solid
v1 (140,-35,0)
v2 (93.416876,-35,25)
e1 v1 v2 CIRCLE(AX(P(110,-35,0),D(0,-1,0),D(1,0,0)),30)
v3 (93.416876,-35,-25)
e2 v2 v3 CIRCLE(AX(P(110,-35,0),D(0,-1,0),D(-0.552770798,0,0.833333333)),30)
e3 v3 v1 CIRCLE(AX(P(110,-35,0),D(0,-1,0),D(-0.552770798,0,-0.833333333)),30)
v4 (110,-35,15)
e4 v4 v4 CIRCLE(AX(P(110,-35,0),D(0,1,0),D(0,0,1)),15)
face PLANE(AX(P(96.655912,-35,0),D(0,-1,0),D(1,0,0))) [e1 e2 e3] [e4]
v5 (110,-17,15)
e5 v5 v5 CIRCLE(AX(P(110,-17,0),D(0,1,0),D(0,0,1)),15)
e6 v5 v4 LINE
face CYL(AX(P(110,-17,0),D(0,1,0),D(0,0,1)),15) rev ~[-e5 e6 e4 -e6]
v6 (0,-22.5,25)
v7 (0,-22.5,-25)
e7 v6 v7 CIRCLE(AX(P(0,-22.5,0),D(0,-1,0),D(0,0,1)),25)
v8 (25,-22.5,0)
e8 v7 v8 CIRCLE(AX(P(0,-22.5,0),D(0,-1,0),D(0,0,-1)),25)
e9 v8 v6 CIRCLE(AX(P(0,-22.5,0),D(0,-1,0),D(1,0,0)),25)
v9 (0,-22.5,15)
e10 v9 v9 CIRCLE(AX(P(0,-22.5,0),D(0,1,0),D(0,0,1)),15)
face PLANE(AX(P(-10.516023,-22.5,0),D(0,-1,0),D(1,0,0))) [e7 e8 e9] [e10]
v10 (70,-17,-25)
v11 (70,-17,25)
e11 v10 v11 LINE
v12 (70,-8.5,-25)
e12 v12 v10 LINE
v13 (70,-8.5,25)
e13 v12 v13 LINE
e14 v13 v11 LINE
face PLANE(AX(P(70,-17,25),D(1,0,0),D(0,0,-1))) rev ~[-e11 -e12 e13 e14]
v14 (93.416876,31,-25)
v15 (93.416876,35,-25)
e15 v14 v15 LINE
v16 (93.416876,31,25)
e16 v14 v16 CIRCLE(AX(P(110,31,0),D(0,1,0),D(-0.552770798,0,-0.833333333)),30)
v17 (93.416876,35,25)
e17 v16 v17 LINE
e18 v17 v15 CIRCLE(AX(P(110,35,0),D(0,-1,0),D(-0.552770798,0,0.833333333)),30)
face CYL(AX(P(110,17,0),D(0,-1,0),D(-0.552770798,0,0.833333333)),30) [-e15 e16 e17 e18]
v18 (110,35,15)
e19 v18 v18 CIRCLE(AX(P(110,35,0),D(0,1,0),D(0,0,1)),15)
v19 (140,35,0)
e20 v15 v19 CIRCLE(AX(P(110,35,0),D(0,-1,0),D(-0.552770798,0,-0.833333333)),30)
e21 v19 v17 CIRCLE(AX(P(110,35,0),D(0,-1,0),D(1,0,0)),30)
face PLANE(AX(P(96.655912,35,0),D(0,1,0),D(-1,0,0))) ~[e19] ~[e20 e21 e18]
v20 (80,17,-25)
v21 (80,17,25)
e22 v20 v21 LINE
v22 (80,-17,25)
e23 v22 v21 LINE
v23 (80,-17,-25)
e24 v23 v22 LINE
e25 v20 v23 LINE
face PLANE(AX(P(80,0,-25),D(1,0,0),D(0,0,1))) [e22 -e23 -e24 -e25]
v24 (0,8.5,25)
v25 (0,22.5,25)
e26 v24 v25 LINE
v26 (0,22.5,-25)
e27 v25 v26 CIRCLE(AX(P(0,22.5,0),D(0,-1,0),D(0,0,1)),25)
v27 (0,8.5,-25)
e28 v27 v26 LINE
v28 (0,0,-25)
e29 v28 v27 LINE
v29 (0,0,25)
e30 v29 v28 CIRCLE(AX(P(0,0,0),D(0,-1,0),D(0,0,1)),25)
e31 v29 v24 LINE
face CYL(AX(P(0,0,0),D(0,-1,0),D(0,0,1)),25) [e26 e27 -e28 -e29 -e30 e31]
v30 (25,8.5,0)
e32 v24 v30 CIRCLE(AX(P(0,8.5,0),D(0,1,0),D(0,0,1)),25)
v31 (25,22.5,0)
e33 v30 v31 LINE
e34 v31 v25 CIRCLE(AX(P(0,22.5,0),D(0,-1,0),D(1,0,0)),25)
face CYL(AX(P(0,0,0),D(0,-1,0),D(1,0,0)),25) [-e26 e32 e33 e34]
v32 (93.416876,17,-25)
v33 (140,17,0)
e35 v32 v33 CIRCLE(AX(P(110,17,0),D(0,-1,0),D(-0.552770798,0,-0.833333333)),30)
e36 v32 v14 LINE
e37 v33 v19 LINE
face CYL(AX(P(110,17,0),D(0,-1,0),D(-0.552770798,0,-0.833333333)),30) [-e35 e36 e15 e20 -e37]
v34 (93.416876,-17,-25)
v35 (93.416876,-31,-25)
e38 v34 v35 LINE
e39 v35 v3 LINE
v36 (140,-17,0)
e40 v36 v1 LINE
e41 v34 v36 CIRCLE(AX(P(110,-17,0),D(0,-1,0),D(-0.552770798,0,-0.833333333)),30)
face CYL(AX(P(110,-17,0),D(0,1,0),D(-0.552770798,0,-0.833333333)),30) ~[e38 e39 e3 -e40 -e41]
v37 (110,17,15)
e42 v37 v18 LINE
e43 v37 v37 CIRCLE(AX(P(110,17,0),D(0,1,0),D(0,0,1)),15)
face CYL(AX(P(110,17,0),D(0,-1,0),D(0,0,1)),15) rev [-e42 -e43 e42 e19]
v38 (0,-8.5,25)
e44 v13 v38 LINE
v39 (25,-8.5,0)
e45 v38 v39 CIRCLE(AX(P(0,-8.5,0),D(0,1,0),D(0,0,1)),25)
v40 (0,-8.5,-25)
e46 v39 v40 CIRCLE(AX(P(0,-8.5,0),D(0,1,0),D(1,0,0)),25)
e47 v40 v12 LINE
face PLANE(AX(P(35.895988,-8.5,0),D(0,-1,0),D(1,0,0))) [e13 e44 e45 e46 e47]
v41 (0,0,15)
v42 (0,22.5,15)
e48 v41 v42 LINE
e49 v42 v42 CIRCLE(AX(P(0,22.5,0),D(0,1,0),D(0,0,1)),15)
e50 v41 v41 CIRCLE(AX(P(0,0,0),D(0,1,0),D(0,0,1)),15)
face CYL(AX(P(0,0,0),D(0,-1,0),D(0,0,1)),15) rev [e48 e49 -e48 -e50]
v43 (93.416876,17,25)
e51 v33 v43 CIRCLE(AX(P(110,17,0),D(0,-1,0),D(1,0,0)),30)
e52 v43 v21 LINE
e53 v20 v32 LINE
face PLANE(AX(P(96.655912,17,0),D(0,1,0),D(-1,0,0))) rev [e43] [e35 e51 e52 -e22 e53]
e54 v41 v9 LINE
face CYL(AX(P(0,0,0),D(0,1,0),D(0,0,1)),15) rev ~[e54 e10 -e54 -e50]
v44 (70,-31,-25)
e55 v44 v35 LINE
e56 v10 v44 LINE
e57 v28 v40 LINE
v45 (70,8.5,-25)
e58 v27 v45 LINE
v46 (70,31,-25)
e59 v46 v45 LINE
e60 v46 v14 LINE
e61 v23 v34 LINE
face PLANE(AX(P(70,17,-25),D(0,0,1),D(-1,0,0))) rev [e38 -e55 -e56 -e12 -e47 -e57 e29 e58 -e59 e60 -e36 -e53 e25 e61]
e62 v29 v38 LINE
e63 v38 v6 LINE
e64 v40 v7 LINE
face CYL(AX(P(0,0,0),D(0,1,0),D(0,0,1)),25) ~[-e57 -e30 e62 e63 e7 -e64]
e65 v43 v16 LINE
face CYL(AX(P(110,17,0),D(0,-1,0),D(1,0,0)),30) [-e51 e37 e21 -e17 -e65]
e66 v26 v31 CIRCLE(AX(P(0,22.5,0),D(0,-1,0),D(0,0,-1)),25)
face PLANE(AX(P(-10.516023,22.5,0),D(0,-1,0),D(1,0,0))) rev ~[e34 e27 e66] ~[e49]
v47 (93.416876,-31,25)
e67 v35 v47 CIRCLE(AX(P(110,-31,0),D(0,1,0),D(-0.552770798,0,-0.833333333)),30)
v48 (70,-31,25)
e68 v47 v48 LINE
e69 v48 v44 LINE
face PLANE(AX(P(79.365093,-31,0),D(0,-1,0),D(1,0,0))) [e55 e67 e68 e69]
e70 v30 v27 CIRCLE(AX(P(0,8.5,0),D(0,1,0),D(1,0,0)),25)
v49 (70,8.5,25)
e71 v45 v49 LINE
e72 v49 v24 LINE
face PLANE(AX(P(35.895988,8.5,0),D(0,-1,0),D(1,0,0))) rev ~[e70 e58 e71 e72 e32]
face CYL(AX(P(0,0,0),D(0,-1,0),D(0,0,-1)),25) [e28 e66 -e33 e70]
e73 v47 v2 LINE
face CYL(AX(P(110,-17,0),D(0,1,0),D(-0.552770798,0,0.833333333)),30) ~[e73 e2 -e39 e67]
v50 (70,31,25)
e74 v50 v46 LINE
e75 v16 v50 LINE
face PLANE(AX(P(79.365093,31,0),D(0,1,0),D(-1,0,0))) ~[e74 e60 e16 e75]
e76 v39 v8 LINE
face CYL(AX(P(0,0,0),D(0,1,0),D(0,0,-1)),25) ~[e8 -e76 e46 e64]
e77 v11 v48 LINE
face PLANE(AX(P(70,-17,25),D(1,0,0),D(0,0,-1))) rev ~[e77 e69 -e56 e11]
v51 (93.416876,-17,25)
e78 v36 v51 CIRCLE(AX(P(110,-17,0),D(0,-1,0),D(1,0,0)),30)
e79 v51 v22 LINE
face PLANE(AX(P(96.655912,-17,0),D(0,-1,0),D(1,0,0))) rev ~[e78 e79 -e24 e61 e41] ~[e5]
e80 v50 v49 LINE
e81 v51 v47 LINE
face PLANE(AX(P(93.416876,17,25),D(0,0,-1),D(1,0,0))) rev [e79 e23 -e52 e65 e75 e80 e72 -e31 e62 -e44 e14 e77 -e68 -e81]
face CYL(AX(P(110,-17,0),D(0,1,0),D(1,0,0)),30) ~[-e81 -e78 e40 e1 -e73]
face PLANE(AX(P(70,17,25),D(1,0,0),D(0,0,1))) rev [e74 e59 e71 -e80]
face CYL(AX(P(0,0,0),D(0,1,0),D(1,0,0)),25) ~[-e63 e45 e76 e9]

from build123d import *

# Parameters (mm, degrees)
F1_DEPTH = 22.5
F2_DEPTH = 8.5
F0_W     = 10
F0_H     = 50
F3_DEPTH = 17
F6_DEPTH = 14
F7_DEPTH = 18


with BuildPart() as f1:
    # F0 (on Front) → F1 (new body, symmetric)
    with BuildSketch(Plane.XZ):
        with BuildLine():
            Line((0, 15), (0, 25))
            ThreePointArc((0, 25), (-25, 0), (0, -25))
            Line((0, -25), (0, -15))
            ThreePointArc((0, -15), (-15, 0), (0, 15))
        make_face()
        with BuildLine():
            ThreePointArc((0, -25), (17.6776695297, -17.6776695297), (25, 0))
            ThreePointArc((25, 0), (17.6776695297, 17.6776695297), (0, 25))
            Line((0, 25), (0, 15))
            ThreePointArc((0, 15), (10.6066017178, 10.6066017178), (15, 0))
            ThreePointArc((15, 0), (10.6066017178, -10.6066017178), (0, -15))
            Line((0, -15), (0, -25))
        make_face()
    extrude(amount=F1_DEPTH, both=True)

    # F0 (on Front) → F2 (join, symmetric)
    with BuildSketch(Plane.XZ):
        with BuildLine():
            ThreePointArc((0, 25), (17.6776695297, 17.6776695297), (25, 0))
            ThreePointArc((25, 0), (17.6776695297, -17.6776695297), (0, -25))
            Line((0, -25), (70, -25))
            Line((70, -25), (70, 25))
            Line((70, 25), (0, 25))
        make_face()
    extrude(amount=F2_DEPTH, both=True)

    # F0 (on Front) → F3 (join, symmetric)
    with BuildSketch(Plane.XZ):
        with Locations((75, 0)):
            Rectangle(F0_W, F0_H)
    extrude(amount=F3_DEPTH, both=True)

    # F5 (on offset) → F6 (join)
    with BuildSketch(Plane.XZ.offset(17)):
        with BuildLine():
            Line((93.4168760482, 25), (70, 25))
            Line((70, 25), (70, -25))
            Line((70, -25), (93.4168760482, -25))
            ThreePointArc((93.4168760482, -25), (80, 0), (93.4168760482, 25))
        make_face()
    extrude(amount=F6_DEPTH)

    # F5 (on offset) → F7 (join)
    with BuildSketch(Plane.XZ.offset(17)):
        with BuildLine():
            Line((110, 25), (93.4168760482, 25))
            ThreePointArc((93.4168760482, 25), (80, 0), (93.4168760482, -25))
            Line((93.4168760482, -25), (110, -25))
            Line((110, -25), (110, -15))
            ThreePointArc((110, -15), (95, 0), (110, 15))
            Line((110, 15), (110, 25))
        make_face()
        with BuildLine():
            ThreePointArc((140, 0), (124.1863716546, 26.4338203685), (93.4168760482, 25))
            Line((93.4168760482, 25), (110, 25))
            Line((110, 25), (110, 15))
            ThreePointArc((110, 15), (120.6066017178, 10.6066017178), (125, 0))
            ThreePointArc((125, 0), (120.6066017178, -10.6066017178), (110, -15))
            Line((110, -15), (110, -25))
            Line((110, -25), (93.4168760482, -25))
            ThreePointArc((93.4168760482, -25), (124.1863716546, -26.4338203685), (140, 0))
        make_face()
    extrude(amount=F7_DEPTH)

    # F8: F1 across plane


with BuildPart() as f1_1:
    add(f1.part)
    add(f1.part.mirror(Plane.XZ))


solid = f1_1.part
